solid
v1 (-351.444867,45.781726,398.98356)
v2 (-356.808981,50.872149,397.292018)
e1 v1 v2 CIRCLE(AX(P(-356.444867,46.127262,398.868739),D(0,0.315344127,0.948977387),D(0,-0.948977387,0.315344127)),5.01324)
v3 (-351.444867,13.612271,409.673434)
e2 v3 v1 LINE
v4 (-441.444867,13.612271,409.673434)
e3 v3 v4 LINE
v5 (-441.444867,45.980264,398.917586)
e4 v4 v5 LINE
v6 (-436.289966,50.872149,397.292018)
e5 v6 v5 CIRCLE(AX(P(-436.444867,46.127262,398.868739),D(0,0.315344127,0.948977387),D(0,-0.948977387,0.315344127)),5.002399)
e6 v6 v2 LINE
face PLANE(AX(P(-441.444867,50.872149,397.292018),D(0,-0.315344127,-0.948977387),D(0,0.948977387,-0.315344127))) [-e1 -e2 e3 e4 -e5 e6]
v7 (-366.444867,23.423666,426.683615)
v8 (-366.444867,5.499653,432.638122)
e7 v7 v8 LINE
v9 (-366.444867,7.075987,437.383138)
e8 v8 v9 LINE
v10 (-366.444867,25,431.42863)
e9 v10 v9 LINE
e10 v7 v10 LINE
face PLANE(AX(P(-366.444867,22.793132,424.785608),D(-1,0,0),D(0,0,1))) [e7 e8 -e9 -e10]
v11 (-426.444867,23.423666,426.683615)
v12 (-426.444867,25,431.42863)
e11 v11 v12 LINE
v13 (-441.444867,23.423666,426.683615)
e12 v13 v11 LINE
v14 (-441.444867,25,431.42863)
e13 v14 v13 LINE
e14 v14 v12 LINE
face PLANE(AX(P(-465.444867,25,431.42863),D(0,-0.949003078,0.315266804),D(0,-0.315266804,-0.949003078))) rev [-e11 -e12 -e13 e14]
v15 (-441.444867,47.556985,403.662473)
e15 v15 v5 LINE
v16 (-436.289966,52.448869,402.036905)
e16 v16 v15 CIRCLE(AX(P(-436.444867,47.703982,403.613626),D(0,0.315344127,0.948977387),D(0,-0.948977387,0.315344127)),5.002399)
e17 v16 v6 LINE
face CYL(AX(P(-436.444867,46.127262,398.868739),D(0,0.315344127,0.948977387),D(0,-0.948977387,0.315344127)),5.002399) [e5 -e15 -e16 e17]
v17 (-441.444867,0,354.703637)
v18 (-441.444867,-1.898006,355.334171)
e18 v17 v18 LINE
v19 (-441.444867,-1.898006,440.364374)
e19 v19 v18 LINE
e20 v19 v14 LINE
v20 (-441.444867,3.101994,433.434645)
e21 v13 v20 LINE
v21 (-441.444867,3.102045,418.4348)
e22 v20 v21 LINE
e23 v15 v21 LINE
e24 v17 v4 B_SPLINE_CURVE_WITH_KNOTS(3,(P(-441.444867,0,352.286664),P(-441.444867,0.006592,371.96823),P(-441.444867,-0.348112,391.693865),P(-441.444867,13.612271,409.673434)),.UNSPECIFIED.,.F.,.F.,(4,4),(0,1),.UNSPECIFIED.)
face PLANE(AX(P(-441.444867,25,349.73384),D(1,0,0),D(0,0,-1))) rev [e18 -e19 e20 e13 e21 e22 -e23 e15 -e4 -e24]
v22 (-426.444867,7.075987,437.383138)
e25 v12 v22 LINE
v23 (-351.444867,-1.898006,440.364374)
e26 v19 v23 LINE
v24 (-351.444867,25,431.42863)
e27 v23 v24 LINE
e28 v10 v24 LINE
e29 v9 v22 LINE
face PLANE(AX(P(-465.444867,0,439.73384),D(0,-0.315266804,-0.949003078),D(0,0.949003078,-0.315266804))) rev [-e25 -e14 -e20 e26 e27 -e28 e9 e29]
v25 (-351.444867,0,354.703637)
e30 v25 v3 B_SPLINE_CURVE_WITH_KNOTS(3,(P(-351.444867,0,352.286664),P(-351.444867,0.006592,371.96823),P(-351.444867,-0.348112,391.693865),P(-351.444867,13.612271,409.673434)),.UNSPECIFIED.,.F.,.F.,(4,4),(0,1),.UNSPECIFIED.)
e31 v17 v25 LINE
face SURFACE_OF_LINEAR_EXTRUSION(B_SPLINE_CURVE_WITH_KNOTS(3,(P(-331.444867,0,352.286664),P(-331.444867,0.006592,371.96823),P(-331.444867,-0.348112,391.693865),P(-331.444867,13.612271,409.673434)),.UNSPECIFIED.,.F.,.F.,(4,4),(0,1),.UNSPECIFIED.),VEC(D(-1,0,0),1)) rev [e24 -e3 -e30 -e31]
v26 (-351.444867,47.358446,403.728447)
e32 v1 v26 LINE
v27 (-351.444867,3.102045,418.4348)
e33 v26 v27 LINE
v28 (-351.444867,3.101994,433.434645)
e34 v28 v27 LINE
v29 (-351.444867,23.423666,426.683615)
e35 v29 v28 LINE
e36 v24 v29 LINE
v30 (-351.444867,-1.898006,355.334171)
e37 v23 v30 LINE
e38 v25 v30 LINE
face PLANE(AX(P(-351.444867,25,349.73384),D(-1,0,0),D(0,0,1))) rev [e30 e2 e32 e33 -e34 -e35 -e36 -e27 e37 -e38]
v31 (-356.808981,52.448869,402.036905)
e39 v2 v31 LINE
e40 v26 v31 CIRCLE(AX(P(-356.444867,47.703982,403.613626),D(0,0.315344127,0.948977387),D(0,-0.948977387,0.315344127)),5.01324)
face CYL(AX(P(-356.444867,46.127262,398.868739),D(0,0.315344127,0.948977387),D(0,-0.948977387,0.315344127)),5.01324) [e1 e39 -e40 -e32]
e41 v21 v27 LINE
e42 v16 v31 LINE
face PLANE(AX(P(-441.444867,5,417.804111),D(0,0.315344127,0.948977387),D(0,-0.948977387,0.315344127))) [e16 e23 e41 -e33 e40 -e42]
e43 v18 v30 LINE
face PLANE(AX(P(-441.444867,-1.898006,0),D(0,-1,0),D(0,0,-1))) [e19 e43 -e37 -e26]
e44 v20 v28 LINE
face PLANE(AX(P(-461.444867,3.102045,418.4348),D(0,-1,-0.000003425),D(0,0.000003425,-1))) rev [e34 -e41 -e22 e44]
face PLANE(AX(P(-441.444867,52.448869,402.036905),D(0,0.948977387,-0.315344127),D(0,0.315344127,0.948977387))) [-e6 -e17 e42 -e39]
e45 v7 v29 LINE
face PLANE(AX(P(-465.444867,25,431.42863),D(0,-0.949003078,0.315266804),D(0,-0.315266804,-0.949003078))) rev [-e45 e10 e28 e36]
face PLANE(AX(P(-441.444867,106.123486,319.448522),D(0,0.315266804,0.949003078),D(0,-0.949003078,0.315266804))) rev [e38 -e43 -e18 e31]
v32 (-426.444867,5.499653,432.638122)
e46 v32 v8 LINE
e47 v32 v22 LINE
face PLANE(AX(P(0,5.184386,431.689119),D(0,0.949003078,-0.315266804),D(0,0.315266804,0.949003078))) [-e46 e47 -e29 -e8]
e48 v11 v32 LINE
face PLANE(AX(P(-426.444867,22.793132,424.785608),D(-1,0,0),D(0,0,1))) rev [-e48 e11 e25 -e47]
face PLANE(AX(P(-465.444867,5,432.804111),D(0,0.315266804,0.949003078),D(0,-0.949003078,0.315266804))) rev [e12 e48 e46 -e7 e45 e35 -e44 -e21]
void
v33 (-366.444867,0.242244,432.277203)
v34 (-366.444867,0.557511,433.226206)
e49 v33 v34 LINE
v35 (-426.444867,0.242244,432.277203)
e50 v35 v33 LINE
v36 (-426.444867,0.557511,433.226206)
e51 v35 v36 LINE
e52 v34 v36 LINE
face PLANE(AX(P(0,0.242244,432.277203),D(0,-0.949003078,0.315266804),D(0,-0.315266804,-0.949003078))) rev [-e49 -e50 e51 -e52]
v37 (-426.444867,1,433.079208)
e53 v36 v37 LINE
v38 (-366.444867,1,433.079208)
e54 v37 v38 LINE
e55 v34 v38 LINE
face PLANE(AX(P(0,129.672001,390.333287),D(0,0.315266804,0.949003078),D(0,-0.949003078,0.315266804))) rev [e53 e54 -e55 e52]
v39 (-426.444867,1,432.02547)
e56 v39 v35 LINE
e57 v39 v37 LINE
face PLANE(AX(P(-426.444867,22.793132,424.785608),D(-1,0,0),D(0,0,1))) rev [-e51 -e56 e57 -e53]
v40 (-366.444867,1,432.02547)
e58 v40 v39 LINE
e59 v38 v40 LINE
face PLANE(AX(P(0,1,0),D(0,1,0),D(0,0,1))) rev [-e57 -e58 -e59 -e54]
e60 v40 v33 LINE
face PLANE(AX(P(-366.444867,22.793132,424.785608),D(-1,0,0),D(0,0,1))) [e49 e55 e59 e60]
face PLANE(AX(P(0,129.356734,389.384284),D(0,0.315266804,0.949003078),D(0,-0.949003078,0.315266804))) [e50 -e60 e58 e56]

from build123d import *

# Parameters (mm, degrees)
SKETCH1_W           = 90
SKETCH1_H           = 90
BOSS_EXTRUDE1_DEPTH = 25
SKETCH2_W           = 50
SKETCH2_H           = 25
BOSS_EXTRUDE2_DEPTH = 90
CUT_EXTRUDE1_DEPTH  = 114
BOSS_EXTRUDE3_DEPTH = 90
CUT_EXTRUDE2_DEPTH  = 90
CUT_EXTRUDE3_DEPTH  = 7
SKETCH12_W          = 60
SKETCH12_H          = 3.762713397
CUT_EXTRUDE4_DEPTH  = 7
SKETCH13_W          = 60
SKETCH13_H          = 6.597800351
BOSS_EXTRUDE4_DEPTH = 4
SKETCH15_W          = 60
SKETCH15_H          = 4.875511562
BOSS_EXTRUDE5_DEPTH = 6
CUT_EXTRUDE5_DEPTH  = 105
CUT_EXTRUDE6_DEPTH  = 105
CUT_EXTRUDE7_DEPTH  = 105
CUT_EXTRUDE8_DEPTH  = 105
SKETCH20_R          = 5.002398859
BOSS_EXTRUDE6_DEPTH = 5
SKETCH21_R          = 5.013240391
BOSS_EXTRUDE7_DEPTH = 5
CUT_EXTRUDE9_DEPTH  = 110
CUT_EXTRUDE10_DEPTH = 110
BOSS_EXTRUDE8_DEPTH = 90


with BuildPart() as part:
    # Sketch1 → Boss-Extrude1 (new body)
    with BuildSketch(Plane(origin=(0, 0, 0), x_dir=(1, 0, 0), z_dir=(0, 1, 0))):
        with Locations((-396.44486692, -394.733840304)):
            Rectangle(SKETCH1_W, SKETCH1_H)
    extrude(amount=BOSS_EXTRUDE1_DEPTH)

    # Sketch2 → Boss-Extrude2 (add)
    with BuildSketch(Plane(origin=(-351.44486692, 0, 0), x_dir=(0, 0, -1), z_dir=(1, 0, 0))):
        with Locations((-324.733840304, 12.5)):
            Rectangle(SKETCH2_W, SKETCH2_H)
    extrude(amount=-BOSS_EXTRUDE2_DEPTH)

    # Sketch3 → Cut-Extrude1 (cut)
    with BuildSketch(Plane(origin=(-351.44486692, 0, 0), x_dir=(0, 0, -1), z_dir=(1, 0, 0))):
        Polygon((-439.733840304, 0), (-431.428630034, 25), (-426.683614644, 23.423665978), (-432.80411144, 5), (-422.80411144, 5), (-417.80411144, 5), (-409.869768155, 28.88363156), (-456.556935105, 33.347834294), align=None)
    extrude(amount=-CUT_EXTRUDE1_DEPTH, mode=Mode.SUBTRACT)

    # Sketch6 → Boss-Extrude3 (add)
    with BuildSketch(Plane(origin=(-351.44486692, 0, 0), x_dir=(0, 0, -1), z_dir=(1, 0, 0))):
        Polygon((-417.80411144, 5), (-402.036905068, 52.448869357), (-397.292018132, 50.872148719), (-412.958326169, 3.726916659), align=None)
    extrude(amount=-BOSS_EXTRUDE3_DEPTH)

    # Sketch8 → Cut-Extrude2 (cut)
    with BuildSketch(Plane.ZY.offset(441.44486692)):
        Polygon((402.036905068, 52.448869357), (417.80411144, 5), (422.667757436, 11.843524049), (408.096373886, 67.204399508), align=None)
    extrude(amount=-CUT_EXTRUDE2_DEPTH, mode=Mode.SUBTRACT)

    # Sketch11 → Cut-Extrude3 (cut)
    with BuildSketch(Plane(origin=(0, 131.563601718, 396.027305256), x_dir=(1, 0, 0), z_dir=(0, 0.31526680439845073, 0.9490030779952134))):
        Polygon((-396.44486692, -112.290048567), (-366.44486692, -112.290048567), (-366.44486692, -132.290048567), (-426.44486692, -132.290048567), (-426.44486692, -112.290048567), align=None)
    extrude(amount=-CUT_EXTRUDE3_DEPTH, mode=Mode.SUBTRACT)

    # Sketch12 → Cut-Extrude4 (cut)
    with BuildSketch(Plane(origin=(0, 131.563601718, 396.027305256), x_dir=(1, 0, 0), z_dir=(0, 0.31526680439845073, 0.9490030779952134))):
        with Locations((-396.44486692, -134.171405266)):
            Rectangle(SKETCH12_W, SKETCH12_H)
    extrude(amount=-CUT_EXTRUDE4_DEPTH, mode=Mode.SUBTRACT)

    # Sketch13 → Boss-Extrude4 (add)
    with BuildSketch(Plane(origin=(0, 5, 0), x_dir=(1, 0, 0), z_dir=(0, 1, 0))):
        with Locations((-396.44486692, -433.995536892)):
            Rectangle(SKETCH13_W, SKETCH13_H)
    extrude(amount=-BOSS_EXTRUDE4_DEPTH)

    # Sketch15 → Boss-Extrude5 (add)
    with BuildSketch(Plane(origin=(0, 131.563601718, 396.027305256), x_dir=(1, 0, 0), z_dir=(0, 0.31526680439845073, 0.9490030779952134))):
        with Locations((-396.44486692, -133.615006183)):
            Rectangle(SKETCH15_W, SKETCH15_H)
    extrude(amount=-BOSS_EXTRUDE5_DEPTH)

    # Sketch16 → Cut-Extrude5 (cut)
    with BuildSketch(Plane.ZY.offset(441.44486692)):
        Polygon((299.733840304, 25), (405.889304299, 25), (320.938870245, 45.924702762), (282.519842095, 35.688976285), (299.733840304, -6.375653077), (299.733840304, 0), (299.733840304, 13.612271354), align=None)
        Polygon((409.673433828, 13.612271354), (405.889304299, 25), (299.733840304, 25), (299.733840304, 13.612271354), align=None)
    extrude(amount=-CUT_EXTRUDE5_DEPTH, mode=Mode.SUBTRACT)

    # Sketch17 → Cut-Extrude6 (cut)
    with BuildSketch(Plane(origin=(-351.44486692, 0, 0), x_dir=(0, 0, -1), z_dir=(1, 0, 0))):
        Polygon((-354.703637066, 13.612271354), (-354.703637066, -9.141758862), (-285.710269568, -9.141758862), (-285.710269568, 26.661614512), (-354.703637066, 26.661614512), align=None)
    extrude(amount=-CUT_EXTRUDE6_DEPTH, mode=Mode.SUBTRACT)

    # Sketch18 → Cut-Extrude7 (cut)
    with BuildSketch(Plane(origin=(0, 125.526947543, 377.753141183), x_dir=(1, 0, 0), z_dir=(0, 0.3153441274409663, 0.9489773871323255))):
        Polygon((-441.44486692, -77.007186028), (-436.44486692, -77.007186028), (-441.44486692, -82.007186028), align=None)
    extrude(amount=-CUT_EXTRUDE7_DEPTH, mode=Mode.SUBTRACT)

    # Sketch19 → Cut-Extrude8 (cut)
    with BuildSketch(Plane(origin=(0, 125.526947543, 377.753141183), x_dir=(1, 0, 0), z_dir=(0, 0.3153441274409663, 0.9489773871323255))):
        Polygon((-351.44486692, -82.007186028), (-351.44486692, -77.007186028), (-356.44486692, -77.007186028), align=None)
    extrude(amount=-CUT_EXTRUDE8_DEPTH, mode=Mode.SUBTRACT)

    # Sketch20 → Boss-Extrude6 (add)
    with BuildSketch(Plane(origin=(0, 125.526947543, 377.753141183), x_dir=(1, 0, 0), z_dir=(0, 0.3153441274409663, 0.9489773871323255))):
        with Locations((-436.44486692, -82.007186028)):
            Circle(SKETCH20_R)
    extrude(amount=-BOSS_EXTRUDE6_DEPTH)

    # Sketch21 → Boss-Extrude7 (add)
    with BuildSketch(Plane(origin=(0, 125.526947543, 377.753141183), x_dir=(1, 0, 0), z_dir=(0, 0.3153441274409663, 0.9489773871323255))):
        with Locations((-356.44486692, -82.007186028)):
            Circle(SKETCH21_R)
    extrude(amount=-BOSS_EXTRUDE7_DEPTH)

    # Sketch22 → Cut-Extrude9 (cut)
    with BuildSketch(Plane.ZY.offset(441.44486692)):
        with BuildLine():
            Line((352.286663655, 0), (351.925563617, 18.995212977))
            Line((351.925563617, 18.995212977), (405.563075233, 20.014865007))
            Line((405.563075233, 20.014865007), (409.673433828, 13.612271354))
            add(Edge.make_bspline(
                [(409.673433828, 13.612271354), (391.693864934, -0.348112278), (371.968229932, 0.006592141), (352.286663655, 0)],
                knots=[0, 0, 0, 0, 1, 1, 1, 1], degree=3))
        make_face()
    extrude(amount=-CUT_EXTRUDE9_DEPTH, mode=Mode.SUBTRACT)

    # Sketch23 → Cut-Extrude10 (cut)
    with BuildSketch(Plane(origin=(-351.44486692, 0, 0), x_dir=(0, 0, -1), z_dir=(1, 0, 0))):
        Polygon((-432.207797356, 6.794999958), (-432.80411144, 5), (-433.434645049, 3.101993844), (-418.434799695, 3.102045226), (-417.80411144, 5), (-417.309872164, 6.487333538), align=None)
    extrude(amount=-CUT_EXTRUDE10_DEPTH, mode=Mode.SUBTRACT)

    # Sketch24 → Boss-Extrude8 (add)
    with BuildSketch(Plane(origin=(-351.44486692, 0, 0), x_dir=(0, 0, -1), z_dir=(1, 0, 0))):
        Polygon((-439.733840304, 0), (-440.364373913, -1.898006156), (-355.334170675, -1.898006156), (-354.703637066, 0), align=None)
    extrude(amount=-BOSS_EXTRUDE8_DEPTH)


solid = part.part
